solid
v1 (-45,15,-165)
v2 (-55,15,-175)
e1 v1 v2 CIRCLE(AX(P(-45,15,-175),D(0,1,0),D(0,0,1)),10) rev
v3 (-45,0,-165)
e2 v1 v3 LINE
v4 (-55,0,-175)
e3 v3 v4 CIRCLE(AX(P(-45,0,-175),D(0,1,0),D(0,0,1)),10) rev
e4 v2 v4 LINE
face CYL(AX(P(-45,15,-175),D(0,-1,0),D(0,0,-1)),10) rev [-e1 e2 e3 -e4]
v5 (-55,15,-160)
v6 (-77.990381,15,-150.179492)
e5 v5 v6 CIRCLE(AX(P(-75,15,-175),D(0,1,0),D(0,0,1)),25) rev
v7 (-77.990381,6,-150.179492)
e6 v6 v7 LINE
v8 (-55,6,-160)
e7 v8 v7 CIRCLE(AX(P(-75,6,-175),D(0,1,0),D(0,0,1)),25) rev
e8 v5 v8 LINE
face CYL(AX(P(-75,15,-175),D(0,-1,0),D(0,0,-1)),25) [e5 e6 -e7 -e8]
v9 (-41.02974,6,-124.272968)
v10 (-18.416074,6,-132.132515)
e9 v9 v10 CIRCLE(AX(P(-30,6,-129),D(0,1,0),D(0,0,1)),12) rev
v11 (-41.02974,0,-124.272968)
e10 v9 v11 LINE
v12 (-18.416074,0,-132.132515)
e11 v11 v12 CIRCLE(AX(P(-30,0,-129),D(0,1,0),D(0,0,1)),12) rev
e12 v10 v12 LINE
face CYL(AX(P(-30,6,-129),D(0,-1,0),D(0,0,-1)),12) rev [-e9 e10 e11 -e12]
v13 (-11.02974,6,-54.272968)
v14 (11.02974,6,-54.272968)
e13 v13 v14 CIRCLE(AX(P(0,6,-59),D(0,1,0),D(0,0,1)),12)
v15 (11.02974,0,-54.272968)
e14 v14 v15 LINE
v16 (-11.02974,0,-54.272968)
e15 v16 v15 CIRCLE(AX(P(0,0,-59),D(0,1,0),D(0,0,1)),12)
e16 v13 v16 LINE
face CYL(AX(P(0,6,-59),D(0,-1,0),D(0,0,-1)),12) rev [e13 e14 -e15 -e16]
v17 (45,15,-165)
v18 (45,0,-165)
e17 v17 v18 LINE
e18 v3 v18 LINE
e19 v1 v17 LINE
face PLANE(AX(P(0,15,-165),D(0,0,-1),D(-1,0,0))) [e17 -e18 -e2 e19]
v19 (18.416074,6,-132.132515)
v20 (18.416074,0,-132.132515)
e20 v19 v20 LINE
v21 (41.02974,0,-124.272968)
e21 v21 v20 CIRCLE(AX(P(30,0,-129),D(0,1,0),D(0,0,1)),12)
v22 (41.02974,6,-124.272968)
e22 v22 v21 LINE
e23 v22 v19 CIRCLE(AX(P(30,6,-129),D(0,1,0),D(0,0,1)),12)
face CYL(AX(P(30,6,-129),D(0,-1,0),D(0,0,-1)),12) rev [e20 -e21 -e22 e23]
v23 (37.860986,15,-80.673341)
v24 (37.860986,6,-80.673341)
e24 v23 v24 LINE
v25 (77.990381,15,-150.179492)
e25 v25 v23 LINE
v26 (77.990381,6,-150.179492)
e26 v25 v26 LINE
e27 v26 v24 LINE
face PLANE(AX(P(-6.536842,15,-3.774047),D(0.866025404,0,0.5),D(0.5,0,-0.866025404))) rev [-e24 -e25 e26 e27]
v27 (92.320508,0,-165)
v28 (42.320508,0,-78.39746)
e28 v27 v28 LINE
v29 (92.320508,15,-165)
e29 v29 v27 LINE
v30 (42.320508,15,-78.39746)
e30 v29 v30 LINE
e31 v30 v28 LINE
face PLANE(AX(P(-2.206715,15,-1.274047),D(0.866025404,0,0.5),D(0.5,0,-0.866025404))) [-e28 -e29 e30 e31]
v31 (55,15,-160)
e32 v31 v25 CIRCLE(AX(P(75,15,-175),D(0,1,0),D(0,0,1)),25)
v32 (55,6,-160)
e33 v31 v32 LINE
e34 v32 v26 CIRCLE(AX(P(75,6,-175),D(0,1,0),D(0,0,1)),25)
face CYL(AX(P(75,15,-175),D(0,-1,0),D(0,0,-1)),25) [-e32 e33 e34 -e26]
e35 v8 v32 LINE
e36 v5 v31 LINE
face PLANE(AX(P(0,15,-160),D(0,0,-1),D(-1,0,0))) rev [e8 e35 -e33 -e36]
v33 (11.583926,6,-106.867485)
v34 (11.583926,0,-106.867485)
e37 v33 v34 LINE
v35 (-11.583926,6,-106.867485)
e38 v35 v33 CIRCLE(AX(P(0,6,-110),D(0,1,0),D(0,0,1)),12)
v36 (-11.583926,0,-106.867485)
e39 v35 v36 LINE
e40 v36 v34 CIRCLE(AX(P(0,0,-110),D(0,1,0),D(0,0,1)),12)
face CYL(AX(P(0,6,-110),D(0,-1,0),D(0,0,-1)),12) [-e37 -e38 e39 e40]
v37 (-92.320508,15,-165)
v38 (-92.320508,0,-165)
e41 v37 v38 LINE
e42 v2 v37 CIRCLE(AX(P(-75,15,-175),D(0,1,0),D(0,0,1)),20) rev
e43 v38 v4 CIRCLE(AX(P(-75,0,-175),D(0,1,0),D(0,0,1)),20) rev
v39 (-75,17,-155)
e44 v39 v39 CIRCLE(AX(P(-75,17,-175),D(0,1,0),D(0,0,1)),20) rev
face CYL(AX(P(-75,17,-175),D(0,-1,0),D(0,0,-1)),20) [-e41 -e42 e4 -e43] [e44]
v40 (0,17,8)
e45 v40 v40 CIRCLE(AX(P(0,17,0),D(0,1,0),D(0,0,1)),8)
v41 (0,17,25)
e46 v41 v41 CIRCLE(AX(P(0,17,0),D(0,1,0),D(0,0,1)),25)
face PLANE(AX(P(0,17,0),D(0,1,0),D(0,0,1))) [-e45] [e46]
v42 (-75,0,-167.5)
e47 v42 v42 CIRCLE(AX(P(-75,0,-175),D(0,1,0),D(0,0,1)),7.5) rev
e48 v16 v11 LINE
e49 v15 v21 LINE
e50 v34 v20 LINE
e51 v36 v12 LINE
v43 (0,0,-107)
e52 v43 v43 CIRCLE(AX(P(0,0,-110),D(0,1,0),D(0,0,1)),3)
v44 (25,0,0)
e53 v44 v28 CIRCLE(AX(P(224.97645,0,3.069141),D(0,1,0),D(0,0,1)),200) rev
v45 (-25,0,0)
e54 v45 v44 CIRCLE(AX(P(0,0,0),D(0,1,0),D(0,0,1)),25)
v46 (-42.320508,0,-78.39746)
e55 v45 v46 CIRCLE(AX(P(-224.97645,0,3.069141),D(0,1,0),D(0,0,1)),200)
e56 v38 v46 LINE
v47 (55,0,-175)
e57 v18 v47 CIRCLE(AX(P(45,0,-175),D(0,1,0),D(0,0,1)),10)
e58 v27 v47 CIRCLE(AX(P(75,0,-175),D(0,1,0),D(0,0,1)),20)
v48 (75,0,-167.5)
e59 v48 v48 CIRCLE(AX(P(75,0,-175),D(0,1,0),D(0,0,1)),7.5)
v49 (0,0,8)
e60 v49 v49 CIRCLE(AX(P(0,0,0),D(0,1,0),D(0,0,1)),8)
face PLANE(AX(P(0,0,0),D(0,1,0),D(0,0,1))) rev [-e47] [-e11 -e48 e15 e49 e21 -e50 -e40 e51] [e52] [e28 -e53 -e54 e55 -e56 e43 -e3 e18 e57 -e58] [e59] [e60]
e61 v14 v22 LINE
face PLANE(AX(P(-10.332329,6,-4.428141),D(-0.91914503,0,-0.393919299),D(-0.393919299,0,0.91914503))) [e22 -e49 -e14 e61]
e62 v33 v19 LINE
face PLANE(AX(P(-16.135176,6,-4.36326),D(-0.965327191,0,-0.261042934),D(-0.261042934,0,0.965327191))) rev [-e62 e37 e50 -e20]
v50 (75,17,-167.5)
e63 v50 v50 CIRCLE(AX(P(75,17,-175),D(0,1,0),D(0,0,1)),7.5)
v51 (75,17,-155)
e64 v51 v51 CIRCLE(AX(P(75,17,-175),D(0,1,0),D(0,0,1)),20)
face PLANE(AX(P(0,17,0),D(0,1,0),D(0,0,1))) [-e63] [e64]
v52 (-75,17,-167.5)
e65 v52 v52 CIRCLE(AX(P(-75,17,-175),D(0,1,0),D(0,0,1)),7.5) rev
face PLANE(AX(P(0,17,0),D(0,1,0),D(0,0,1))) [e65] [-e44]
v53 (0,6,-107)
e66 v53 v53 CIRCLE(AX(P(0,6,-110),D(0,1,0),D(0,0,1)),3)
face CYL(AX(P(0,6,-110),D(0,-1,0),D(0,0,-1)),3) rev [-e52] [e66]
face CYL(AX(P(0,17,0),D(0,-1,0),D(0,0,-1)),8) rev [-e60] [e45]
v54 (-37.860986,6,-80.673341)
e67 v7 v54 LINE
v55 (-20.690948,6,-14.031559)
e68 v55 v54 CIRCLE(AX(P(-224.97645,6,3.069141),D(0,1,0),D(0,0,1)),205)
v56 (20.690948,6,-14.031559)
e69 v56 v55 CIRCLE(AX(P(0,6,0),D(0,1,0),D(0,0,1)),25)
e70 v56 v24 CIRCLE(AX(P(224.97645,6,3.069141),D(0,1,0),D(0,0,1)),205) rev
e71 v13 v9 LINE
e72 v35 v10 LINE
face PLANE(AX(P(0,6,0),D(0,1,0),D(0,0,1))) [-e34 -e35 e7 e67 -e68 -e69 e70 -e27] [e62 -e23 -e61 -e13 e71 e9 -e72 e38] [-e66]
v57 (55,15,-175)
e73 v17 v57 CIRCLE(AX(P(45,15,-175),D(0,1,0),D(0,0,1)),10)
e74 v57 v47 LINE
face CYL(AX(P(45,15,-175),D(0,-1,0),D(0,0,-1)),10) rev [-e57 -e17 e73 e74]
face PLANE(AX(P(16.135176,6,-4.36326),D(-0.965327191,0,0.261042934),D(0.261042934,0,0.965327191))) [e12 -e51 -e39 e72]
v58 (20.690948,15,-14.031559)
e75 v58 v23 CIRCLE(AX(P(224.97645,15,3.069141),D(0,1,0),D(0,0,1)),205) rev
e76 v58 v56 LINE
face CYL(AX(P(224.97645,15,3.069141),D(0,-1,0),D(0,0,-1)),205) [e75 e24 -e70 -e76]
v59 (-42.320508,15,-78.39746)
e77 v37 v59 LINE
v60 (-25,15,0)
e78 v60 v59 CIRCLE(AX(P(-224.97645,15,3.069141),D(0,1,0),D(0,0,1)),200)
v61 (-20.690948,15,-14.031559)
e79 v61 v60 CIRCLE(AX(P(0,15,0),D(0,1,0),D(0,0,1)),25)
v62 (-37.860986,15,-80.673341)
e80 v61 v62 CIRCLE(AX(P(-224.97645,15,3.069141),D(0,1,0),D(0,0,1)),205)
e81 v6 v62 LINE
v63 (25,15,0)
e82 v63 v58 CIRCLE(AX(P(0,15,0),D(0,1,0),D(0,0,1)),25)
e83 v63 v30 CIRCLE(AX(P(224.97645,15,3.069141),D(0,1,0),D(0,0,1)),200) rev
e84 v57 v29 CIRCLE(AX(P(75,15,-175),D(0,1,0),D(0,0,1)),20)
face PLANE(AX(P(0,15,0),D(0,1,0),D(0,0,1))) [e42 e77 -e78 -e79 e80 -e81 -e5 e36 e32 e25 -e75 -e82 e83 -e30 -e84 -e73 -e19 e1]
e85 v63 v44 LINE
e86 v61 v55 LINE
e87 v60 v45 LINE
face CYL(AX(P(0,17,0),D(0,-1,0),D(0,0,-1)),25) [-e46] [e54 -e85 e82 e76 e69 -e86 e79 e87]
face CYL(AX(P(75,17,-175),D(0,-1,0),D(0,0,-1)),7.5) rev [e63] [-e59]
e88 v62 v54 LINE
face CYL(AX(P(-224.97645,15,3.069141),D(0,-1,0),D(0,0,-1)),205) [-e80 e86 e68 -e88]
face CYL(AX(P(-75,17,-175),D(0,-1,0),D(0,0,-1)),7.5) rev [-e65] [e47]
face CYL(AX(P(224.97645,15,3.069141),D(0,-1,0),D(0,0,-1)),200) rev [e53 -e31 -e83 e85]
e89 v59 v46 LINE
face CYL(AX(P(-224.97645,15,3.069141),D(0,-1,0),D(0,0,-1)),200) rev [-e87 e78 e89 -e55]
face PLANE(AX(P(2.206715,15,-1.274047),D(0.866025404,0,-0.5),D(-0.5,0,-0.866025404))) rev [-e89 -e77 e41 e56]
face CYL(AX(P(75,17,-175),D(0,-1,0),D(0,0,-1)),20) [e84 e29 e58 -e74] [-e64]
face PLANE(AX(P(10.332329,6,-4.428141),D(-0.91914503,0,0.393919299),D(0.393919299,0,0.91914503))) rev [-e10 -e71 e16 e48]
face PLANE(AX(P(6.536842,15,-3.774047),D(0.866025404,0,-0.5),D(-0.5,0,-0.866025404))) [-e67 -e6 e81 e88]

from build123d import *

# Parameters (mm, degrees)
SKETCH1_R             = 25
SKETCH1_R_2           = 8
BOSS_EXTRUDE1_DEPTH   = 17
SKETCH1_R_3           = 20
SKETCH1_R_4           = 7.5
BOSS_EXTRUDE1_2_DEPTH = 17
BOSS_EXTRUDE1_3_DEPTH = 17
BOSS_EXTRUDE4_DEPTH   = 15
SKETCH1_12_R          = 3
BOSS_EXTRUDE5_DEPTH   = 6


with BuildPart() as part:
    # Sketch1 → Boss-Extrude1 (new body)
    with BuildSketch(Plane(origin=(0, 0, 0), x_dir=(1, 0, 0), z_dir=(0, 1, 0))):
        Circle(SKETCH1_R)
        Circle(SKETCH1_R_2, mode=Mode.SUBTRACT)
    extrude(amount=BOSS_EXTRUDE1_DEPTH)



with BuildPart() as body_2:
    # Sketch1 → Boss-Extrude1 2 (new body)
    with BuildSketch(Plane(origin=(0, 0, 0), x_dir=(1, 0, 0), z_dir=(0, 1, 0))):
        with Locations((-75, 175)):
            Circle(SKETCH1_R_3)
        with Locations((-75, 175)):
            Circle(SKETCH1_R_4, mode=Mode.SUBTRACT)
    extrude(amount=BOSS_EXTRUDE1_2_DEPTH)


with BuildPart() as body_3:
    # Sketch1 → Boss-Extrude1 3 (new body)
    with BuildSketch(Plane(origin=(0, 0, 0), x_dir=(1, 0, 0), z_dir=(0, 1, 0))):
        with Locations((75, 175)):
            Circle(SKETCH1_R_3)
        with Locations((75, 175)):
            Circle(SKETCH1_R_4, mode=Mode.SUBTRACT)
    extrude(amount=BOSS_EXTRUDE1_3_DEPTH)


with BuildPart() as part_1:
    add(part.part)

    add(body_2.part)  # Boss-Extrude4 merges body 2

    add(body_3.part)  # Boss-Extrude4 merges body 3
    # Sketch1<11> → Boss-Extrude4 (add)
    with BuildSketch(Plane(origin=(0, 0, 0), x_dir=(1, 0, 0), z_dir=(0, 1, 0))):
        with BuildLine():
            Line((-37.860985847, 80.673340544), (-77.990381057, 150.179491924))
            ThreePointArc((-77.990381057, 150.179491924), (-65.179491924, 152.009618943), (-55, 160))
            Line((-55, 160), (55, 160))
            ThreePointArc((55, 160), (65.179491924, 152.009618943), (77.990381057, 150.179491924))
            Line((77.990381057, 150.179491924), (37.860985847, 80.673340544))
            ThreePointArc((37.860985847, 80.673340544), (26.459547, 48.078091436), (20.690948252, 14.031559444))
            ThreePointArc((20.690948252, 14.031559444), (23.898469682, 7.339151643), (25, 0))
            ThreePointArc((25, 0), (29.68582744, 40.076807855), (42.320508076, 78.397459622))
            Line((42.320508076, 78.397459622), (92.320508076, 165))
            ThreePointArc((92.320508076, 165), (69.823619098, 155.681483474), (55, 175))
            ThreePointArc((55, 175), (52.071067812, 167.928932188), (45, 165))
            Line((45, 165), (0, 165))
            Line((0, 165), (-45, 165))
            ThreePointArc((-45, 165), (-52.071067812, 167.928932188), (-55, 175))
            ThreePointArc((-55, 175), (-69.823619098, 155.681483474), (-92.320508076, 165))
            Line((-92.320508076, 165), (-42.320508076, 78.397459622))
            ThreePointArc((-42.320508076, 78.397459622), (-29.68582744, 40.076807855), (-25, 0))
            ThreePointArc((-25, 0), (-23.898469682, 7.339151643), (-20.690948252, 14.031559444))
            ThreePointArc((-20.690948252, 14.031559444), (-26.459547, 48.078091436), (-37.860985847, 80.673340544))
        make_face()
    extrude(amount=BOSS_EXTRUDE4_DEPTH)

    # Sketch1<12> → Boss-Extrude5 (add)
    with BuildSketch(Plane(origin=(0, 0, 0), x_dir=(1, 0, 0), z_dir=(0, 1, 0))):
        with BuildLine():
            ThreePointArc((-55, 160), (-65.179491924, 152.009618943), (-77.990381057, 150.179491924))
            Line((-77.990381057, 150.179491924), (-37.860985847, 80.673340544))
            ThreePointArc((-37.860985847, 80.673340544), (-26.459547, 48.078091436), (-20.690948252, 14.031559444))
            ThreePointArc((-20.690948252, 14.031559444), (0, 25), (20.690948252, 14.031559444))
            ThreePointArc((20.690948252, 14.031559444), (26.459547, 48.078091436), (37.860985847, 80.673340544))
            Line((37.860985847, 80.673340544), (77.990381057, 150.179491924))
            ThreePointArc((77.990381057, 150.179491924), (65.179491924, 152.009618943), (55, 160))
            Line((55, 160), (-55, 160))
        make_face()
        with BuildLine():
            Line((41.02974036, 124.272968417), (11.02974036, 54.272968417))
            ThreePointArc((11.02974036, 54.272968417), (0, 47), (-11.02974036, 54.272968417))
            Line((-11.02974036, 54.272968417), (-41.02974036, 124.272968417))
            ThreePointArc((-41.02974036, 124.272968417), (-33.939530359, 140.334906288), (-18.416073702, 132.132515207))
            Line((-18.416073702, 132.132515207), (-11.583926298, 106.867484793))
            ThreePointArc((-11.583926298, 106.867484793), (0, 98), (11.583926298, 106.867484793))
            Line((11.583926298, 106.867484793), (18.416073702, 132.132515207))
            ThreePointArc((18.416073702, 132.132515207), (33.939530359, 140.334906288), (41.02974036, 124.272968417))
        make_face(mode=Mode.SUBTRACT)
        with Locations((0, 110)):
            Circle(SKETCH1_12_R, mode=Mode.SUBTRACT)
    extrude(amount=BOSS_EXTRUDE5_DEPTH)


solid = part_1.part
